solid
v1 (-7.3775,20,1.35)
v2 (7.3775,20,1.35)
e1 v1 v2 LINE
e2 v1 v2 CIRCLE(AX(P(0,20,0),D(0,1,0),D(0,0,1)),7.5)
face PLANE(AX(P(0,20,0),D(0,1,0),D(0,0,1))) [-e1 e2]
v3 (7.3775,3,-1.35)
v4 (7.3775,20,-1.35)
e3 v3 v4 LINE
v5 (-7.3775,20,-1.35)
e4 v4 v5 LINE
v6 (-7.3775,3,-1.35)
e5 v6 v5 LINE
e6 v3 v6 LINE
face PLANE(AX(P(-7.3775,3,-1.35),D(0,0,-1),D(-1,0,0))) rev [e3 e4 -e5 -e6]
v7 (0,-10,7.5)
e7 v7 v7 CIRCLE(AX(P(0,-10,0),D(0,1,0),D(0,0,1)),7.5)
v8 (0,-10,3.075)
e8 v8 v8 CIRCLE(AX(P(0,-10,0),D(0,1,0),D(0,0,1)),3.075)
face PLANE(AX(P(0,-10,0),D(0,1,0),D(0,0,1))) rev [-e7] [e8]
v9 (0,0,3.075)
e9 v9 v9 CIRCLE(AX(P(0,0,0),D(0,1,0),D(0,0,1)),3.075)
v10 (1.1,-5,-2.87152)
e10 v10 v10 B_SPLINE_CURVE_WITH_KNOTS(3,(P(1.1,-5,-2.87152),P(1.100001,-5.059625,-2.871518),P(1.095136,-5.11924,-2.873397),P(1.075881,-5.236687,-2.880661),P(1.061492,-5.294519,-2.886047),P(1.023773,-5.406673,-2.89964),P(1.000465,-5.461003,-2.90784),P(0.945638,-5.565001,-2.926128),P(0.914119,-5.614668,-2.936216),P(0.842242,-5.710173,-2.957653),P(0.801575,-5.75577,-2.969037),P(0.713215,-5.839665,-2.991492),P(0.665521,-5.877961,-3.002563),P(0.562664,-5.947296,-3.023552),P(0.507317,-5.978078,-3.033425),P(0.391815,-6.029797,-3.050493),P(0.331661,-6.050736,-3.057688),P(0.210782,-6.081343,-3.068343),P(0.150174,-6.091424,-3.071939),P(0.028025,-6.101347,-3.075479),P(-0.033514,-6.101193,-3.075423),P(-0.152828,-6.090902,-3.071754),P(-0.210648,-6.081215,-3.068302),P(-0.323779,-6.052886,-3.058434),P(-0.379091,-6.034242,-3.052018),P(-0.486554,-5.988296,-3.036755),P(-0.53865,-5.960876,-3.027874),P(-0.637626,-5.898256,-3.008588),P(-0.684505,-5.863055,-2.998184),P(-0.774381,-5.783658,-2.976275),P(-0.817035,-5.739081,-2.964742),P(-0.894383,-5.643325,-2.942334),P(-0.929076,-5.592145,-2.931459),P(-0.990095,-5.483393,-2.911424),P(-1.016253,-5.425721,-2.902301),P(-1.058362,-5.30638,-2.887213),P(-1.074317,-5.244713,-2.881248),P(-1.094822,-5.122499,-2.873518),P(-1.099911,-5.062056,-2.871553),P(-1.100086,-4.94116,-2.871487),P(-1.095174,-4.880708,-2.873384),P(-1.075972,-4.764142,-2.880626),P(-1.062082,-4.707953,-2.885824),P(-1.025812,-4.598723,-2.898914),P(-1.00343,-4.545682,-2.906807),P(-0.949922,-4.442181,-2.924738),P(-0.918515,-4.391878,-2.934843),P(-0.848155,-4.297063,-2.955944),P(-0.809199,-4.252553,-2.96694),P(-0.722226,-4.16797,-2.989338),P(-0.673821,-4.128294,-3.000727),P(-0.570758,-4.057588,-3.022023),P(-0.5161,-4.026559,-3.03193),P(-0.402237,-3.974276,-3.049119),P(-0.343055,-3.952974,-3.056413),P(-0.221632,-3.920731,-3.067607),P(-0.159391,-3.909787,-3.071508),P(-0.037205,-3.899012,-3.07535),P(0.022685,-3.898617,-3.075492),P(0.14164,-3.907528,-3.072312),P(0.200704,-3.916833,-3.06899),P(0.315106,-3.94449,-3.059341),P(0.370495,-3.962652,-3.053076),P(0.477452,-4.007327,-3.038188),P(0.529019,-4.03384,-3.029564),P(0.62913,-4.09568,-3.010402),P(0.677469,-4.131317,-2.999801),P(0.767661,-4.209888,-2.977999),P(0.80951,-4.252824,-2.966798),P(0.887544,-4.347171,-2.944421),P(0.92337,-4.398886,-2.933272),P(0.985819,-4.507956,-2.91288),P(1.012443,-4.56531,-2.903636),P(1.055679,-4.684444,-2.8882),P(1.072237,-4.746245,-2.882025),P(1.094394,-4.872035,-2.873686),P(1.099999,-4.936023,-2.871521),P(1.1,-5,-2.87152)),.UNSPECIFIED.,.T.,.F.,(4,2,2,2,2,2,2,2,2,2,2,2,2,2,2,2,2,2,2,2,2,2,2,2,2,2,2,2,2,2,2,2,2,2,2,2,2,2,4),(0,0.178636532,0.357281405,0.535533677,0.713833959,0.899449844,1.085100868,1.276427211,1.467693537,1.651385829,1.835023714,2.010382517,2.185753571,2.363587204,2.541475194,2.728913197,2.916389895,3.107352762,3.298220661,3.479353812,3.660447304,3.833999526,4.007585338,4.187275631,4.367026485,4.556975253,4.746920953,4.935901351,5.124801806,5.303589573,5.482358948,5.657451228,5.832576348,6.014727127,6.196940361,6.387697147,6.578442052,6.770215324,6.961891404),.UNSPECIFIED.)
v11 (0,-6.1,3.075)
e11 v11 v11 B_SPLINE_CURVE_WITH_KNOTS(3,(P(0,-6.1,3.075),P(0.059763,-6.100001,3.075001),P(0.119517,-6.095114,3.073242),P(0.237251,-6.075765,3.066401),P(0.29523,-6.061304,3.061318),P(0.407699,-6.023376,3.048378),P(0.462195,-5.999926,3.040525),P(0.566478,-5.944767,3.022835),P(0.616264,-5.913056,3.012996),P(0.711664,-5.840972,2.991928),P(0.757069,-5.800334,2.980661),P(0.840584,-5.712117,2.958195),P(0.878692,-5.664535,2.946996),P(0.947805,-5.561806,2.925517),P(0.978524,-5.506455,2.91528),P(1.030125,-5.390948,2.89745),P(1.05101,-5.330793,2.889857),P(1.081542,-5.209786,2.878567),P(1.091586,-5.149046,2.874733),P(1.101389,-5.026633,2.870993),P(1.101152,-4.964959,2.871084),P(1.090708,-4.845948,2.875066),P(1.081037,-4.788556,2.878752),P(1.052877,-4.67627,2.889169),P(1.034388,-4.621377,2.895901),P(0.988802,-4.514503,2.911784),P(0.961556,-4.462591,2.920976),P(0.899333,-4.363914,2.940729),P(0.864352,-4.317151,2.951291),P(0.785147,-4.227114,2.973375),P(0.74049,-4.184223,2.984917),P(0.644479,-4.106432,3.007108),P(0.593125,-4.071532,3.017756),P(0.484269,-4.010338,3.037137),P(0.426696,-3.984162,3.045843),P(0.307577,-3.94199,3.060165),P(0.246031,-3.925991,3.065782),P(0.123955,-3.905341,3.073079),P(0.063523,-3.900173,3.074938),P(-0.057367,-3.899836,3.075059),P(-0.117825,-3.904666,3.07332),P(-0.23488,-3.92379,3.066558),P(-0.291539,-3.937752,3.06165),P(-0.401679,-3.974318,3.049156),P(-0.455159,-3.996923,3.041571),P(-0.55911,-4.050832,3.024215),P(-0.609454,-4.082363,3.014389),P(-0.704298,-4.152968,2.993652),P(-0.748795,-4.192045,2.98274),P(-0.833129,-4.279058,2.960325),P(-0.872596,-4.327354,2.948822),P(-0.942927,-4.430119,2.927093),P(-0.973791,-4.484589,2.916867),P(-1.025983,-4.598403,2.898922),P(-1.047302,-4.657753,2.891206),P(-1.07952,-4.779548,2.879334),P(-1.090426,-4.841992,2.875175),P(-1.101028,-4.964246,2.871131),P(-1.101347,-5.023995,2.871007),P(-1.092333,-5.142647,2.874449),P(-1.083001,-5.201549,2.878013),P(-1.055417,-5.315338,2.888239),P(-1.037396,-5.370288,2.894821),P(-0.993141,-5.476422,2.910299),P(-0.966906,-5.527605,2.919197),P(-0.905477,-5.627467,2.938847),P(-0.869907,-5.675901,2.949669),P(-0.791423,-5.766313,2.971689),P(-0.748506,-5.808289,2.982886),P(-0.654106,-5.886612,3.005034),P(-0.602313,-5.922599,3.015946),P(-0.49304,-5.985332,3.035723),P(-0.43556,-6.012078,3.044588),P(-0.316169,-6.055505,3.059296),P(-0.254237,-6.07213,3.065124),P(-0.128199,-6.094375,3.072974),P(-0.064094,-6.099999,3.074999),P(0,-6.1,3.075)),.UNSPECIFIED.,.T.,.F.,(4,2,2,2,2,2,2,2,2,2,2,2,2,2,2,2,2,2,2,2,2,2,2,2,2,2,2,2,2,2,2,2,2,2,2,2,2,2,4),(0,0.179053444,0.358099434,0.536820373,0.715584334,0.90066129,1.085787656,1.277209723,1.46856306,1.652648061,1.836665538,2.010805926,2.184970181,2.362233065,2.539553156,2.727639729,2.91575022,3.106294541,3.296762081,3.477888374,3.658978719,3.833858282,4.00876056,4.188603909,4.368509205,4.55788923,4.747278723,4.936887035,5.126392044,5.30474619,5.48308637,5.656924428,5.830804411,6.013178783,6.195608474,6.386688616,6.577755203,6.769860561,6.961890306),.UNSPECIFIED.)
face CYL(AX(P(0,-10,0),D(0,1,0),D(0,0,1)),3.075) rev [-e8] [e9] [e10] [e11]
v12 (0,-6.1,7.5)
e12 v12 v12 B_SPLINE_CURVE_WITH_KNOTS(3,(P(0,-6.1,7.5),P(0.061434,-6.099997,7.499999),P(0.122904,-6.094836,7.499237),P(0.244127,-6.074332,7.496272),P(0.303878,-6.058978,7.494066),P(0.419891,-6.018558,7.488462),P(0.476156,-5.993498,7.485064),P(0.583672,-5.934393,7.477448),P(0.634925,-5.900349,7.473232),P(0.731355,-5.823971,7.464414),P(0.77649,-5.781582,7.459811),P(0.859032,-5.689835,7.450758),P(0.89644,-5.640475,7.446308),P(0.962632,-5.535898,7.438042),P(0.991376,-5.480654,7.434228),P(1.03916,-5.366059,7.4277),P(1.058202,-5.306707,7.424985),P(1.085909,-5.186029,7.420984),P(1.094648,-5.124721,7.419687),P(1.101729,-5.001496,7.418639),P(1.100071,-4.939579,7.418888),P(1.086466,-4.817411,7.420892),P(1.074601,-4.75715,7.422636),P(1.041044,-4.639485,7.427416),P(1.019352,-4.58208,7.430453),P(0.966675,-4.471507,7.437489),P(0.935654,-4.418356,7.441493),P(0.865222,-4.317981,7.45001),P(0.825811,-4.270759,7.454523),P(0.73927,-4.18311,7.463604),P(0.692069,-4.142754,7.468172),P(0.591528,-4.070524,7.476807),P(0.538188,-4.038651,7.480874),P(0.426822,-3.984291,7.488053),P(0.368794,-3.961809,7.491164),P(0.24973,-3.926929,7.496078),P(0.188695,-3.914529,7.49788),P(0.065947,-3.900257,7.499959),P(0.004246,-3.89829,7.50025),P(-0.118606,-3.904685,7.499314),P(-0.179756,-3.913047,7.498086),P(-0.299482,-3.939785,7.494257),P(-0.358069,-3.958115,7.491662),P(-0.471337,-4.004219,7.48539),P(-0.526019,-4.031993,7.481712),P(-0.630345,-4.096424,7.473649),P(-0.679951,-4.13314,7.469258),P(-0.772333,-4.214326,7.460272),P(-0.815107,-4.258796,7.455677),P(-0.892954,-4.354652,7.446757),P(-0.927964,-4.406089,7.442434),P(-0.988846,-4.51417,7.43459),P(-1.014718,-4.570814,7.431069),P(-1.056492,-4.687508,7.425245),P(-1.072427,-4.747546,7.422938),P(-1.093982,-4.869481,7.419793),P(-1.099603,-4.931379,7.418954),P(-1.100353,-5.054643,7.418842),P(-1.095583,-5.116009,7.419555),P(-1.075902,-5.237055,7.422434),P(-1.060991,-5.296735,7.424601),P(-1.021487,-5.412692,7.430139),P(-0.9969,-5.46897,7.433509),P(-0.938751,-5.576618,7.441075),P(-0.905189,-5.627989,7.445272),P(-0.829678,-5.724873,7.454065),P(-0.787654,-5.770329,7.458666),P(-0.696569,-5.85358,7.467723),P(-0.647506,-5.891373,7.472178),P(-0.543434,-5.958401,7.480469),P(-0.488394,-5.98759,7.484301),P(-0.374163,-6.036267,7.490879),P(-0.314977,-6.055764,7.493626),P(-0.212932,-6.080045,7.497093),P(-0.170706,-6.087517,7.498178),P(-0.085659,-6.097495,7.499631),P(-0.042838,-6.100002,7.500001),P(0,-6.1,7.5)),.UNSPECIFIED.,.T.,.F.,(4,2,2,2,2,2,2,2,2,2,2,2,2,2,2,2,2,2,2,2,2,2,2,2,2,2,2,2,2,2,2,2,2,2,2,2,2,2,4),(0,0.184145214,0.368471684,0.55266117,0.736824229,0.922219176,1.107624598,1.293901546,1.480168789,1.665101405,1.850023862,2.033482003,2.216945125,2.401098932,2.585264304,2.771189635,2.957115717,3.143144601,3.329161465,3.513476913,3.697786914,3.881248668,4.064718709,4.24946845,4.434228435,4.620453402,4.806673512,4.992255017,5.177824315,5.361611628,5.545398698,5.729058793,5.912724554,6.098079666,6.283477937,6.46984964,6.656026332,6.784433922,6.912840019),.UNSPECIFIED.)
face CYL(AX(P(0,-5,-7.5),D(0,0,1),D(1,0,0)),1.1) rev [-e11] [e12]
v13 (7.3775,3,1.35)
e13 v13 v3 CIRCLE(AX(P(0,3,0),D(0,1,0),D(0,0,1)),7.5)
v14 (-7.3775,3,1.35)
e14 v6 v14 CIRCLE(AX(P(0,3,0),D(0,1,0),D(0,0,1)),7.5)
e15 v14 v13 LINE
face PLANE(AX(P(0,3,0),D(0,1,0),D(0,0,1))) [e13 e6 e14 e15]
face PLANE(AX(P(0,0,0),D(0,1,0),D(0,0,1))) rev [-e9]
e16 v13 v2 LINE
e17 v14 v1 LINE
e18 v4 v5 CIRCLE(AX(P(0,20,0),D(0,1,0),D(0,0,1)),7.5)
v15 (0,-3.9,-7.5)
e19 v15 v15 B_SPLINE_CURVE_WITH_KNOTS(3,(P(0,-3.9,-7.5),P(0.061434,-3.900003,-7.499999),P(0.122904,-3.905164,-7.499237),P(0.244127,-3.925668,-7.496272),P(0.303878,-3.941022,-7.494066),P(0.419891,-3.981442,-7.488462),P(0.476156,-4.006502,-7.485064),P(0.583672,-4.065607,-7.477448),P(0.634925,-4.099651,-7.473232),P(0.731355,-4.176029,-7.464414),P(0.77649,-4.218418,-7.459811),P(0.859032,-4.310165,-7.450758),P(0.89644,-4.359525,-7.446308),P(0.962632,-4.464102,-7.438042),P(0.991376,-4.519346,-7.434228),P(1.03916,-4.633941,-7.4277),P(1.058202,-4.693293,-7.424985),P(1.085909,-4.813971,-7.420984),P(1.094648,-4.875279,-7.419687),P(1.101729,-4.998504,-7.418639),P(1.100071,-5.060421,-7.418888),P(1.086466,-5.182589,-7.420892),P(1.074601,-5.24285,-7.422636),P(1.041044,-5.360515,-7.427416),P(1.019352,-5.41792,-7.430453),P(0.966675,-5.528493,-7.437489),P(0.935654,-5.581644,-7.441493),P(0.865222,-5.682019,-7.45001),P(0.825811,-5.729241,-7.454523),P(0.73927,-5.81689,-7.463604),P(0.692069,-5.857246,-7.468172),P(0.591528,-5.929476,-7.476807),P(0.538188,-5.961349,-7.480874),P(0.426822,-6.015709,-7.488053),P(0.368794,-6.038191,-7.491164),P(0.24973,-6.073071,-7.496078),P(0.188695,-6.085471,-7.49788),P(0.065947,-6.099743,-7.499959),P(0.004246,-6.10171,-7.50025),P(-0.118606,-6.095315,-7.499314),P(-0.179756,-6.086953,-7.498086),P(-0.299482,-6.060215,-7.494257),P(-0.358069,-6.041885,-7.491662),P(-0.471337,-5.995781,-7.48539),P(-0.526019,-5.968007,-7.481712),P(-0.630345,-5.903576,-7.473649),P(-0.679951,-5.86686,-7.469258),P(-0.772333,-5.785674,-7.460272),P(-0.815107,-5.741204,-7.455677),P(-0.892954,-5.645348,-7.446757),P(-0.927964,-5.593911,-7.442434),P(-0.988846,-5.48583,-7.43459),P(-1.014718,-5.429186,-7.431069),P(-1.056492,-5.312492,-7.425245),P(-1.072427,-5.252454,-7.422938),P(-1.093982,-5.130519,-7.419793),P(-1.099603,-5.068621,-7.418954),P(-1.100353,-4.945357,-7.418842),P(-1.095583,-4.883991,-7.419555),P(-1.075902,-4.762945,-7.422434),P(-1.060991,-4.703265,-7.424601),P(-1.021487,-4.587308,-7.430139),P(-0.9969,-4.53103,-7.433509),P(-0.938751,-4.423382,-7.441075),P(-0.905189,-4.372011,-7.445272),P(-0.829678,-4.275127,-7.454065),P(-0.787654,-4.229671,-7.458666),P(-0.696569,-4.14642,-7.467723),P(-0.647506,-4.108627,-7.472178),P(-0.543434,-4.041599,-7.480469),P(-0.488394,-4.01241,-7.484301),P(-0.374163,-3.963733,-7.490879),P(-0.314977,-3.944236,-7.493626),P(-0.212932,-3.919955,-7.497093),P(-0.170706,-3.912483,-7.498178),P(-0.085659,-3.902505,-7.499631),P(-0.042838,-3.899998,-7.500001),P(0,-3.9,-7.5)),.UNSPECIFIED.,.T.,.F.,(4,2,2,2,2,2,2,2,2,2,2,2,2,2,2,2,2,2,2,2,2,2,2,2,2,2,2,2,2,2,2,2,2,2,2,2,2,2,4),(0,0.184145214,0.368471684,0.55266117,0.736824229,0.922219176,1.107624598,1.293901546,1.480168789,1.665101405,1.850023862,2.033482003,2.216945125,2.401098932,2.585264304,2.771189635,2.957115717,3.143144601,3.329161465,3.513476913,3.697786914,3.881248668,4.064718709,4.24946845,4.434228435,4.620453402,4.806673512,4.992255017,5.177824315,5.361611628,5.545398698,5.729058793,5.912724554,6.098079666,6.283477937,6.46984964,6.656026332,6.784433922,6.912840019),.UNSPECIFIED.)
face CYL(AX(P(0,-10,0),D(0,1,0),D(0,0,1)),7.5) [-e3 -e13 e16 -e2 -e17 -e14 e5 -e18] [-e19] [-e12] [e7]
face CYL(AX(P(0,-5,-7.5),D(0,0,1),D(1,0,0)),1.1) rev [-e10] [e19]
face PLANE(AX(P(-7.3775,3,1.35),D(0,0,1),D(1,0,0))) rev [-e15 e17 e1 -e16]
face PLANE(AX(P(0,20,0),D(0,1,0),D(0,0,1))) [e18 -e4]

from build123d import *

# Parameters (mm, degrees)
SKETCH1_R               = 7.5
SKETCH1_R_2             = 3.075
BOSS_EXTRUDE1_DEPTH     = 10
BOSS_EXTRUDE2_START     = 20
SKETCH1_3_R             = 7.5
BOSS_EXTRUDE2_DEPTH     = 20
CUT_EXTRUDE1_DEPTH      = 17
CUT_EXTRUDE2_DEPTH      = 23.638462845
CUT_EXTRUDE2_DEPTH_BACK = 23.638462845
SKETCH3_R               = 1.1


with BuildPart() as part:
    # Sketch1 → Boss-Extrude1 (new body)
    with BuildSketch(Plane(origin=(0, 0, 0), x_dir=(1, 0, 0), z_dir=(0, 1, 0))):
        Circle(SKETCH1_R)
        Circle(SKETCH1_R_2, mode=Mode.SUBTRACT)
    extrude(amount=-BOSS_EXTRUDE1_DEPTH)

    # Sketch1<3> → Boss-Extrude2 (add)
    with BuildSketch(Plane(origin=(0, 0, 0), x_dir=(1, 0, 0), z_dir=(0, 1, 0)).offset(BOSS_EXTRUDE2_START)):
        Circle(SKETCH1_3_R)
    extrude(amount=-BOSS_EXTRUDE2_DEPTH)

    # Sketch2 → Cut-Extrude1 (cut)
    with BuildSketch(Plane(origin=(0, 20, 0), x_dir=(1, 0, 0), z_dir=(0, 1, 0))):
        with BuildLine():
            Line((-7.377499576, 1.35), (7.377499576, 1.35))
            ThreePointArc((7.377499576, 1.35), (7.5, 0), (7.377499576, -1.35))
            Line((7.377499576, -1.35), (-7.377499576, -1.35))
            ThreePointArc((-7.377499576, -1.35), (-7.5, 0), (-7.377499576, 1.35))
        make_face()
    extrude(amount=-CUT_EXTRUDE1_DEPTH, mode=Mode.SUBTRACT)

    # Sketch3 → Cut-Extrude2 (cut, two sides: drawn at the far end of the back side and taken through both)
    with BuildSketch(Plane.XY.offset(-CUT_EXTRUDE2_DEPTH_BACK)):
        with Locations((0, -5)):
            Circle(SKETCH3_R)
    extrude(amount=CUT_EXTRUDE2_DEPTH + CUT_EXTRUDE2_DEPTH_BACK, mode=Mode.SUBTRACT)


solid = part.part
